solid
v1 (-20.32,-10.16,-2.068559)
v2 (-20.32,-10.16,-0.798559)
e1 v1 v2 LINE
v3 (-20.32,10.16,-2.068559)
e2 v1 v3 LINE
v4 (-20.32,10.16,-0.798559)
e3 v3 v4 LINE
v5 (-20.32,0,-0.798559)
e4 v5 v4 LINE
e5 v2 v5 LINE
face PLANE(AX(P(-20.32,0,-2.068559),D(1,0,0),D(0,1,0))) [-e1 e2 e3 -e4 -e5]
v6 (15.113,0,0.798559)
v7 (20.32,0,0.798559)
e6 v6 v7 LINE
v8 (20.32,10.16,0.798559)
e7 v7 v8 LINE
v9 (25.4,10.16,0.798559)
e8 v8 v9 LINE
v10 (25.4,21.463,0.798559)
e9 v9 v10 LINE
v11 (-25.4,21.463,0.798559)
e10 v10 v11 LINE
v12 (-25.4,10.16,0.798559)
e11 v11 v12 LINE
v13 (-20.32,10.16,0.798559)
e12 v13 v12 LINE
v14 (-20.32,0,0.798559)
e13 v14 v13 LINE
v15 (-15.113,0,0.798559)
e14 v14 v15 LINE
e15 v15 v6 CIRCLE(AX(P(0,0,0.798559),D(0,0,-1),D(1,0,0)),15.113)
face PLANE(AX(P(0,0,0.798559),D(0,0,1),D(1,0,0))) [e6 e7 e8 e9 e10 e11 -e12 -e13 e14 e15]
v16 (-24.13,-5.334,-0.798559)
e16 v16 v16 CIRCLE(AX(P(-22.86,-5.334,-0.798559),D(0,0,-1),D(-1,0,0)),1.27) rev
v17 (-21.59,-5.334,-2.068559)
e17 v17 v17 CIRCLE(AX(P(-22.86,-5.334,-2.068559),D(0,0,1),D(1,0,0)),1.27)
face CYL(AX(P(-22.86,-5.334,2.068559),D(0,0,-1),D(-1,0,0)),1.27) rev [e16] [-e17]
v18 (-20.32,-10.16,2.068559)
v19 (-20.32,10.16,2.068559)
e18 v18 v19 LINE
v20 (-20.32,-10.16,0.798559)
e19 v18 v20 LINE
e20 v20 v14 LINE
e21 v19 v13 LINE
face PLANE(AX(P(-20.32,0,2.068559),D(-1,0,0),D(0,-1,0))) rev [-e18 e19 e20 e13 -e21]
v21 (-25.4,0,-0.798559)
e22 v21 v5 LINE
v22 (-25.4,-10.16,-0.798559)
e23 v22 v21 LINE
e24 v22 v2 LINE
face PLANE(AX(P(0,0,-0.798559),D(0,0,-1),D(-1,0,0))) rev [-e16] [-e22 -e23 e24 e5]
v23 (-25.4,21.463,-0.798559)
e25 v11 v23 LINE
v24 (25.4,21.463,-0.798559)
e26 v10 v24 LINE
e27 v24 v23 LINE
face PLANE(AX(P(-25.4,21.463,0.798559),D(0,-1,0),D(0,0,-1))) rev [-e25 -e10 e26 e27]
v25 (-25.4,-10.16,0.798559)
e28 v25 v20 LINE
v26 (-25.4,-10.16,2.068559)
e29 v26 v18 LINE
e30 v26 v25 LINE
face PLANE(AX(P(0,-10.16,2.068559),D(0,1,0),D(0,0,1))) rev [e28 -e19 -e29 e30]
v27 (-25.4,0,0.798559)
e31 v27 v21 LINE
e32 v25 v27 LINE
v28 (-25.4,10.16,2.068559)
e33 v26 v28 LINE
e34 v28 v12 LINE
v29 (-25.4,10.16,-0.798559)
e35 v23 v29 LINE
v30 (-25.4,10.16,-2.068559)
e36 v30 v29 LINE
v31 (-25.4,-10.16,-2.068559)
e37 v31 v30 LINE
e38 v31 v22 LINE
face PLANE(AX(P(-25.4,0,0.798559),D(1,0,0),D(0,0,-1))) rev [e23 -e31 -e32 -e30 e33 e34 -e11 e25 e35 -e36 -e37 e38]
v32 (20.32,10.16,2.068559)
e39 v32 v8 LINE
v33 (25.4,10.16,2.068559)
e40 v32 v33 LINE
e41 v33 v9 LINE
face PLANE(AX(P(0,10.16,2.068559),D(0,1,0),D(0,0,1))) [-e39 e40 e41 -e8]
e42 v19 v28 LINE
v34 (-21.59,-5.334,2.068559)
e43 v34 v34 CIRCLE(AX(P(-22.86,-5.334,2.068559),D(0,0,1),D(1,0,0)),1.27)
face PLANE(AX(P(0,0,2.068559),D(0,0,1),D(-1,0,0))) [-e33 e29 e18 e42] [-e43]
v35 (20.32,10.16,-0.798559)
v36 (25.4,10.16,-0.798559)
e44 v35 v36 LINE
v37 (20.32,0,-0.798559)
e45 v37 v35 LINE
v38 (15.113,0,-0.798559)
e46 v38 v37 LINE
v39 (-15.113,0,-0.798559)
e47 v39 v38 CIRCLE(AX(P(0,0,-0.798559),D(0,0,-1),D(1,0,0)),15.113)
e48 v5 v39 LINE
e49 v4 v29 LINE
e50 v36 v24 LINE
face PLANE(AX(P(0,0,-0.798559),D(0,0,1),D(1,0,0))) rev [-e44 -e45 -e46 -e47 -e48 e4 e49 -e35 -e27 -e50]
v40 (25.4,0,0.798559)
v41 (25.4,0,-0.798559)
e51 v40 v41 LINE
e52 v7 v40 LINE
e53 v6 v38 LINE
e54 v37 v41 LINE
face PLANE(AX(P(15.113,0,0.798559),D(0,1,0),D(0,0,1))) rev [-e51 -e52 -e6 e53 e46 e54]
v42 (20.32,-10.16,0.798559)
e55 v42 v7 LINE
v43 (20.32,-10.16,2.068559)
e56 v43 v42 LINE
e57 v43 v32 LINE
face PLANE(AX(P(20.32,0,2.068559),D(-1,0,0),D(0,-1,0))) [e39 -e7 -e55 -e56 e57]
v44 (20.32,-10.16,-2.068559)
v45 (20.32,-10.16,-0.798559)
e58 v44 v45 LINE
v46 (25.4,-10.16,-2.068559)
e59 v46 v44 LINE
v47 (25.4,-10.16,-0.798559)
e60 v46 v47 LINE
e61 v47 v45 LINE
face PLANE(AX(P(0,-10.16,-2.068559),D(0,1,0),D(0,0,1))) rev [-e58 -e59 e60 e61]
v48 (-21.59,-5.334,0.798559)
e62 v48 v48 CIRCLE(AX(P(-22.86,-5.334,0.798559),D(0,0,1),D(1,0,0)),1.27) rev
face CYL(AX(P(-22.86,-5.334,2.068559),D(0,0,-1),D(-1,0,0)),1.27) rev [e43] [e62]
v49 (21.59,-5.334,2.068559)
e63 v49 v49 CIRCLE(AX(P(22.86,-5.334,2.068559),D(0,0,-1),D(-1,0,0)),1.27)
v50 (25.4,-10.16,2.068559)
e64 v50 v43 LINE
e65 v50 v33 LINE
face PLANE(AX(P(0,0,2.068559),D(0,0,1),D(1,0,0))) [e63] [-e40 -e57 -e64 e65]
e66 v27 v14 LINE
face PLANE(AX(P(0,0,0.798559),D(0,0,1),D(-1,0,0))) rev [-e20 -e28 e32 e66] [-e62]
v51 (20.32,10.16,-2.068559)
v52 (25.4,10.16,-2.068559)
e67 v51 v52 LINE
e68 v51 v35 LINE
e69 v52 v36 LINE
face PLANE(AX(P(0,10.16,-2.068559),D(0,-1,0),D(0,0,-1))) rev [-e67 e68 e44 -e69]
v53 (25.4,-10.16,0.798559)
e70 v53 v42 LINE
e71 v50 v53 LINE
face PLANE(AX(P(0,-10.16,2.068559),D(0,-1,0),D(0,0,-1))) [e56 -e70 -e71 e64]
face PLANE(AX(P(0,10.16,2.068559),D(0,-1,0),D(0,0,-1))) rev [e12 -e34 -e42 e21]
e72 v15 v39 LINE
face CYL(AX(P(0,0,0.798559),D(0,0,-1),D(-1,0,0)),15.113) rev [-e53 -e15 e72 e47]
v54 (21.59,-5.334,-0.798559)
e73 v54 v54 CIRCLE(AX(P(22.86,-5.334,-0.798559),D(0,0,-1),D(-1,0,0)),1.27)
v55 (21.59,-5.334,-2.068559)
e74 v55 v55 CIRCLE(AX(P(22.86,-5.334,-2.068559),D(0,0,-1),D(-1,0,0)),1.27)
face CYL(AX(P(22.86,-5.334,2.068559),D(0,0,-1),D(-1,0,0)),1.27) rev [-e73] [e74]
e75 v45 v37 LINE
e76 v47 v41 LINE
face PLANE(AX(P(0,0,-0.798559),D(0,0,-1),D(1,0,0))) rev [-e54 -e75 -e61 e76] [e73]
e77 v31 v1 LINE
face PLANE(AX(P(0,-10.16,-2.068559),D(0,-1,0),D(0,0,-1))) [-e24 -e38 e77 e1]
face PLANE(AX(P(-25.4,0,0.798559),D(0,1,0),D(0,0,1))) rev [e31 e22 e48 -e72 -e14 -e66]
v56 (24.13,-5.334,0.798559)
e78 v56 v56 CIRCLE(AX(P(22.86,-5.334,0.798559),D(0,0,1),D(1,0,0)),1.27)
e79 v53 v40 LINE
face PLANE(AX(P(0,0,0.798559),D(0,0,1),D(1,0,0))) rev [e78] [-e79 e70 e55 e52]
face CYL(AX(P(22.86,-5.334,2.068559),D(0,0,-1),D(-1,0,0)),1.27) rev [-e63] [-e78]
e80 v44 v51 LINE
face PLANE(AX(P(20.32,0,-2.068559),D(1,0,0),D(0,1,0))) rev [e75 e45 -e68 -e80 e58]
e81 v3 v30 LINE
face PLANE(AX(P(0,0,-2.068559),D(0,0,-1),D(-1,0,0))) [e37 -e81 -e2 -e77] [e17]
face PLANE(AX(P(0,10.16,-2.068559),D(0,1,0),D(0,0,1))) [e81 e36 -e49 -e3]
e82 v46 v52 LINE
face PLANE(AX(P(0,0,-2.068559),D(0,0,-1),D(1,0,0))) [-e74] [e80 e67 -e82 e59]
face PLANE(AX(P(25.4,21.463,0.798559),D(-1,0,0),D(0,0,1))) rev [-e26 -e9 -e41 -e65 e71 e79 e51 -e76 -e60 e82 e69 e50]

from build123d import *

# Parameters (mm, degrees)
BOSS_EXTRUDE1_DEPTH     = 0.798558565
SKETCH2_W               = 5.08
SKETCH2_H               = 10.16
BOSS_EXTRUDE3_DEPTH     = 1.27
MIRROR2_COPY_1_SKETCH_W = 5.08
MIRROR2_COPY_1_SKETCH_H = 10.16
MIRROR2_COPY_1_DEPTH    = 1.27
SKETCH3_R               = 1.27
CUT_EXTRUDE1_DEPTH      = 5.13711713


with BuildPart() as part:
    # Sketch1 → Boss-Extrude1 (new body, symmetric)
    with BuildSketch(Plane.XY):
        with BuildLine():
            Line((-25.4, 0), (-15.113, 0))
            ThreePointArc((-15.113, 0), (0, 15.113), (15.113, 0))
            Line((15.113, 0), (25.4, 0))
            Line((25.4, 0), (25.4, 21.463))
            Line((25.4, 21.463), (-25.4, 21.463))
            Line((-25.4, 21.463), (-25.4, 0))
        make_face()
    extrude(amount=BOSS_EXTRUDE1_DEPTH, both=True)

    # Sketch2 → Boss-Extrude3 (add)
    with BuildSketch(Plane.XY.offset(0.798558565)):
        with Locations((22.86, 5.08)):
            Rectangle(SKETCH2_W, SKETCH2_H)
        with Locations((22.86, -5.08)):
            Rectangle(SKETCH2_W, SKETCH2_H)
    boss_extrude3 = extrude(amount=BOSS_EXTRUDE3_DEPTH)

    # Mirror1: Boss-Extrude3 across plane
    add(boss_extrude3.mirror(Plane.XY))

    # Mirror2: Boss-Extrude3 across plane
    add(boss_extrude3.mirror(Plane(origin=(0, 0, 0), x_dir=(0, 0, 1), z_dir=(1, 0, 0))))

    # Mirror2 copy 1 sketch → Mirror2 copy 1 (add)
    with BuildSketch(Plane(origin=(0, 0, -0.798558565), x_dir=(-1, 0, 0), z_dir=(0, 0, -1))):
        with Locations((22.86, 5.08)):
            Rectangle(MIRROR2_COPY_1_SKETCH_W, MIRROR2_COPY_1_SKETCH_H)
        with Locations((22.86, -5.08)):
            Rectangle(MIRROR2_COPY_1_SKETCH_W, MIRROR2_COPY_1_SKETCH_H)
    extrude(amount=MIRROR2_COPY_1_DEPTH)

    # Sketch3 → Cut-Extrude1 (cut, through all)
    with BuildSketch(Plane(origin=(0, 0, -2.068558565), x_dir=(-1, 0, 0), z_dir=(0, 0, -1))):
        with Locations((-22.86, -5.334)):
            Circle(SKETCH3_R)
    cut_extrude1 = extrude(amount=-CUT_EXTRUDE1_DEPTH, mode=Mode.SUBTRACT)

    # Mirror3: Cut-Extrude1 across plane
    add(cut_extrude1.mirror(Plane(origin=(0, 0, 0), x_dir=(0, 0, 1), z_dir=(1, 0, 0))), mode=Mode.SUBTRACT)


solid = part.part
